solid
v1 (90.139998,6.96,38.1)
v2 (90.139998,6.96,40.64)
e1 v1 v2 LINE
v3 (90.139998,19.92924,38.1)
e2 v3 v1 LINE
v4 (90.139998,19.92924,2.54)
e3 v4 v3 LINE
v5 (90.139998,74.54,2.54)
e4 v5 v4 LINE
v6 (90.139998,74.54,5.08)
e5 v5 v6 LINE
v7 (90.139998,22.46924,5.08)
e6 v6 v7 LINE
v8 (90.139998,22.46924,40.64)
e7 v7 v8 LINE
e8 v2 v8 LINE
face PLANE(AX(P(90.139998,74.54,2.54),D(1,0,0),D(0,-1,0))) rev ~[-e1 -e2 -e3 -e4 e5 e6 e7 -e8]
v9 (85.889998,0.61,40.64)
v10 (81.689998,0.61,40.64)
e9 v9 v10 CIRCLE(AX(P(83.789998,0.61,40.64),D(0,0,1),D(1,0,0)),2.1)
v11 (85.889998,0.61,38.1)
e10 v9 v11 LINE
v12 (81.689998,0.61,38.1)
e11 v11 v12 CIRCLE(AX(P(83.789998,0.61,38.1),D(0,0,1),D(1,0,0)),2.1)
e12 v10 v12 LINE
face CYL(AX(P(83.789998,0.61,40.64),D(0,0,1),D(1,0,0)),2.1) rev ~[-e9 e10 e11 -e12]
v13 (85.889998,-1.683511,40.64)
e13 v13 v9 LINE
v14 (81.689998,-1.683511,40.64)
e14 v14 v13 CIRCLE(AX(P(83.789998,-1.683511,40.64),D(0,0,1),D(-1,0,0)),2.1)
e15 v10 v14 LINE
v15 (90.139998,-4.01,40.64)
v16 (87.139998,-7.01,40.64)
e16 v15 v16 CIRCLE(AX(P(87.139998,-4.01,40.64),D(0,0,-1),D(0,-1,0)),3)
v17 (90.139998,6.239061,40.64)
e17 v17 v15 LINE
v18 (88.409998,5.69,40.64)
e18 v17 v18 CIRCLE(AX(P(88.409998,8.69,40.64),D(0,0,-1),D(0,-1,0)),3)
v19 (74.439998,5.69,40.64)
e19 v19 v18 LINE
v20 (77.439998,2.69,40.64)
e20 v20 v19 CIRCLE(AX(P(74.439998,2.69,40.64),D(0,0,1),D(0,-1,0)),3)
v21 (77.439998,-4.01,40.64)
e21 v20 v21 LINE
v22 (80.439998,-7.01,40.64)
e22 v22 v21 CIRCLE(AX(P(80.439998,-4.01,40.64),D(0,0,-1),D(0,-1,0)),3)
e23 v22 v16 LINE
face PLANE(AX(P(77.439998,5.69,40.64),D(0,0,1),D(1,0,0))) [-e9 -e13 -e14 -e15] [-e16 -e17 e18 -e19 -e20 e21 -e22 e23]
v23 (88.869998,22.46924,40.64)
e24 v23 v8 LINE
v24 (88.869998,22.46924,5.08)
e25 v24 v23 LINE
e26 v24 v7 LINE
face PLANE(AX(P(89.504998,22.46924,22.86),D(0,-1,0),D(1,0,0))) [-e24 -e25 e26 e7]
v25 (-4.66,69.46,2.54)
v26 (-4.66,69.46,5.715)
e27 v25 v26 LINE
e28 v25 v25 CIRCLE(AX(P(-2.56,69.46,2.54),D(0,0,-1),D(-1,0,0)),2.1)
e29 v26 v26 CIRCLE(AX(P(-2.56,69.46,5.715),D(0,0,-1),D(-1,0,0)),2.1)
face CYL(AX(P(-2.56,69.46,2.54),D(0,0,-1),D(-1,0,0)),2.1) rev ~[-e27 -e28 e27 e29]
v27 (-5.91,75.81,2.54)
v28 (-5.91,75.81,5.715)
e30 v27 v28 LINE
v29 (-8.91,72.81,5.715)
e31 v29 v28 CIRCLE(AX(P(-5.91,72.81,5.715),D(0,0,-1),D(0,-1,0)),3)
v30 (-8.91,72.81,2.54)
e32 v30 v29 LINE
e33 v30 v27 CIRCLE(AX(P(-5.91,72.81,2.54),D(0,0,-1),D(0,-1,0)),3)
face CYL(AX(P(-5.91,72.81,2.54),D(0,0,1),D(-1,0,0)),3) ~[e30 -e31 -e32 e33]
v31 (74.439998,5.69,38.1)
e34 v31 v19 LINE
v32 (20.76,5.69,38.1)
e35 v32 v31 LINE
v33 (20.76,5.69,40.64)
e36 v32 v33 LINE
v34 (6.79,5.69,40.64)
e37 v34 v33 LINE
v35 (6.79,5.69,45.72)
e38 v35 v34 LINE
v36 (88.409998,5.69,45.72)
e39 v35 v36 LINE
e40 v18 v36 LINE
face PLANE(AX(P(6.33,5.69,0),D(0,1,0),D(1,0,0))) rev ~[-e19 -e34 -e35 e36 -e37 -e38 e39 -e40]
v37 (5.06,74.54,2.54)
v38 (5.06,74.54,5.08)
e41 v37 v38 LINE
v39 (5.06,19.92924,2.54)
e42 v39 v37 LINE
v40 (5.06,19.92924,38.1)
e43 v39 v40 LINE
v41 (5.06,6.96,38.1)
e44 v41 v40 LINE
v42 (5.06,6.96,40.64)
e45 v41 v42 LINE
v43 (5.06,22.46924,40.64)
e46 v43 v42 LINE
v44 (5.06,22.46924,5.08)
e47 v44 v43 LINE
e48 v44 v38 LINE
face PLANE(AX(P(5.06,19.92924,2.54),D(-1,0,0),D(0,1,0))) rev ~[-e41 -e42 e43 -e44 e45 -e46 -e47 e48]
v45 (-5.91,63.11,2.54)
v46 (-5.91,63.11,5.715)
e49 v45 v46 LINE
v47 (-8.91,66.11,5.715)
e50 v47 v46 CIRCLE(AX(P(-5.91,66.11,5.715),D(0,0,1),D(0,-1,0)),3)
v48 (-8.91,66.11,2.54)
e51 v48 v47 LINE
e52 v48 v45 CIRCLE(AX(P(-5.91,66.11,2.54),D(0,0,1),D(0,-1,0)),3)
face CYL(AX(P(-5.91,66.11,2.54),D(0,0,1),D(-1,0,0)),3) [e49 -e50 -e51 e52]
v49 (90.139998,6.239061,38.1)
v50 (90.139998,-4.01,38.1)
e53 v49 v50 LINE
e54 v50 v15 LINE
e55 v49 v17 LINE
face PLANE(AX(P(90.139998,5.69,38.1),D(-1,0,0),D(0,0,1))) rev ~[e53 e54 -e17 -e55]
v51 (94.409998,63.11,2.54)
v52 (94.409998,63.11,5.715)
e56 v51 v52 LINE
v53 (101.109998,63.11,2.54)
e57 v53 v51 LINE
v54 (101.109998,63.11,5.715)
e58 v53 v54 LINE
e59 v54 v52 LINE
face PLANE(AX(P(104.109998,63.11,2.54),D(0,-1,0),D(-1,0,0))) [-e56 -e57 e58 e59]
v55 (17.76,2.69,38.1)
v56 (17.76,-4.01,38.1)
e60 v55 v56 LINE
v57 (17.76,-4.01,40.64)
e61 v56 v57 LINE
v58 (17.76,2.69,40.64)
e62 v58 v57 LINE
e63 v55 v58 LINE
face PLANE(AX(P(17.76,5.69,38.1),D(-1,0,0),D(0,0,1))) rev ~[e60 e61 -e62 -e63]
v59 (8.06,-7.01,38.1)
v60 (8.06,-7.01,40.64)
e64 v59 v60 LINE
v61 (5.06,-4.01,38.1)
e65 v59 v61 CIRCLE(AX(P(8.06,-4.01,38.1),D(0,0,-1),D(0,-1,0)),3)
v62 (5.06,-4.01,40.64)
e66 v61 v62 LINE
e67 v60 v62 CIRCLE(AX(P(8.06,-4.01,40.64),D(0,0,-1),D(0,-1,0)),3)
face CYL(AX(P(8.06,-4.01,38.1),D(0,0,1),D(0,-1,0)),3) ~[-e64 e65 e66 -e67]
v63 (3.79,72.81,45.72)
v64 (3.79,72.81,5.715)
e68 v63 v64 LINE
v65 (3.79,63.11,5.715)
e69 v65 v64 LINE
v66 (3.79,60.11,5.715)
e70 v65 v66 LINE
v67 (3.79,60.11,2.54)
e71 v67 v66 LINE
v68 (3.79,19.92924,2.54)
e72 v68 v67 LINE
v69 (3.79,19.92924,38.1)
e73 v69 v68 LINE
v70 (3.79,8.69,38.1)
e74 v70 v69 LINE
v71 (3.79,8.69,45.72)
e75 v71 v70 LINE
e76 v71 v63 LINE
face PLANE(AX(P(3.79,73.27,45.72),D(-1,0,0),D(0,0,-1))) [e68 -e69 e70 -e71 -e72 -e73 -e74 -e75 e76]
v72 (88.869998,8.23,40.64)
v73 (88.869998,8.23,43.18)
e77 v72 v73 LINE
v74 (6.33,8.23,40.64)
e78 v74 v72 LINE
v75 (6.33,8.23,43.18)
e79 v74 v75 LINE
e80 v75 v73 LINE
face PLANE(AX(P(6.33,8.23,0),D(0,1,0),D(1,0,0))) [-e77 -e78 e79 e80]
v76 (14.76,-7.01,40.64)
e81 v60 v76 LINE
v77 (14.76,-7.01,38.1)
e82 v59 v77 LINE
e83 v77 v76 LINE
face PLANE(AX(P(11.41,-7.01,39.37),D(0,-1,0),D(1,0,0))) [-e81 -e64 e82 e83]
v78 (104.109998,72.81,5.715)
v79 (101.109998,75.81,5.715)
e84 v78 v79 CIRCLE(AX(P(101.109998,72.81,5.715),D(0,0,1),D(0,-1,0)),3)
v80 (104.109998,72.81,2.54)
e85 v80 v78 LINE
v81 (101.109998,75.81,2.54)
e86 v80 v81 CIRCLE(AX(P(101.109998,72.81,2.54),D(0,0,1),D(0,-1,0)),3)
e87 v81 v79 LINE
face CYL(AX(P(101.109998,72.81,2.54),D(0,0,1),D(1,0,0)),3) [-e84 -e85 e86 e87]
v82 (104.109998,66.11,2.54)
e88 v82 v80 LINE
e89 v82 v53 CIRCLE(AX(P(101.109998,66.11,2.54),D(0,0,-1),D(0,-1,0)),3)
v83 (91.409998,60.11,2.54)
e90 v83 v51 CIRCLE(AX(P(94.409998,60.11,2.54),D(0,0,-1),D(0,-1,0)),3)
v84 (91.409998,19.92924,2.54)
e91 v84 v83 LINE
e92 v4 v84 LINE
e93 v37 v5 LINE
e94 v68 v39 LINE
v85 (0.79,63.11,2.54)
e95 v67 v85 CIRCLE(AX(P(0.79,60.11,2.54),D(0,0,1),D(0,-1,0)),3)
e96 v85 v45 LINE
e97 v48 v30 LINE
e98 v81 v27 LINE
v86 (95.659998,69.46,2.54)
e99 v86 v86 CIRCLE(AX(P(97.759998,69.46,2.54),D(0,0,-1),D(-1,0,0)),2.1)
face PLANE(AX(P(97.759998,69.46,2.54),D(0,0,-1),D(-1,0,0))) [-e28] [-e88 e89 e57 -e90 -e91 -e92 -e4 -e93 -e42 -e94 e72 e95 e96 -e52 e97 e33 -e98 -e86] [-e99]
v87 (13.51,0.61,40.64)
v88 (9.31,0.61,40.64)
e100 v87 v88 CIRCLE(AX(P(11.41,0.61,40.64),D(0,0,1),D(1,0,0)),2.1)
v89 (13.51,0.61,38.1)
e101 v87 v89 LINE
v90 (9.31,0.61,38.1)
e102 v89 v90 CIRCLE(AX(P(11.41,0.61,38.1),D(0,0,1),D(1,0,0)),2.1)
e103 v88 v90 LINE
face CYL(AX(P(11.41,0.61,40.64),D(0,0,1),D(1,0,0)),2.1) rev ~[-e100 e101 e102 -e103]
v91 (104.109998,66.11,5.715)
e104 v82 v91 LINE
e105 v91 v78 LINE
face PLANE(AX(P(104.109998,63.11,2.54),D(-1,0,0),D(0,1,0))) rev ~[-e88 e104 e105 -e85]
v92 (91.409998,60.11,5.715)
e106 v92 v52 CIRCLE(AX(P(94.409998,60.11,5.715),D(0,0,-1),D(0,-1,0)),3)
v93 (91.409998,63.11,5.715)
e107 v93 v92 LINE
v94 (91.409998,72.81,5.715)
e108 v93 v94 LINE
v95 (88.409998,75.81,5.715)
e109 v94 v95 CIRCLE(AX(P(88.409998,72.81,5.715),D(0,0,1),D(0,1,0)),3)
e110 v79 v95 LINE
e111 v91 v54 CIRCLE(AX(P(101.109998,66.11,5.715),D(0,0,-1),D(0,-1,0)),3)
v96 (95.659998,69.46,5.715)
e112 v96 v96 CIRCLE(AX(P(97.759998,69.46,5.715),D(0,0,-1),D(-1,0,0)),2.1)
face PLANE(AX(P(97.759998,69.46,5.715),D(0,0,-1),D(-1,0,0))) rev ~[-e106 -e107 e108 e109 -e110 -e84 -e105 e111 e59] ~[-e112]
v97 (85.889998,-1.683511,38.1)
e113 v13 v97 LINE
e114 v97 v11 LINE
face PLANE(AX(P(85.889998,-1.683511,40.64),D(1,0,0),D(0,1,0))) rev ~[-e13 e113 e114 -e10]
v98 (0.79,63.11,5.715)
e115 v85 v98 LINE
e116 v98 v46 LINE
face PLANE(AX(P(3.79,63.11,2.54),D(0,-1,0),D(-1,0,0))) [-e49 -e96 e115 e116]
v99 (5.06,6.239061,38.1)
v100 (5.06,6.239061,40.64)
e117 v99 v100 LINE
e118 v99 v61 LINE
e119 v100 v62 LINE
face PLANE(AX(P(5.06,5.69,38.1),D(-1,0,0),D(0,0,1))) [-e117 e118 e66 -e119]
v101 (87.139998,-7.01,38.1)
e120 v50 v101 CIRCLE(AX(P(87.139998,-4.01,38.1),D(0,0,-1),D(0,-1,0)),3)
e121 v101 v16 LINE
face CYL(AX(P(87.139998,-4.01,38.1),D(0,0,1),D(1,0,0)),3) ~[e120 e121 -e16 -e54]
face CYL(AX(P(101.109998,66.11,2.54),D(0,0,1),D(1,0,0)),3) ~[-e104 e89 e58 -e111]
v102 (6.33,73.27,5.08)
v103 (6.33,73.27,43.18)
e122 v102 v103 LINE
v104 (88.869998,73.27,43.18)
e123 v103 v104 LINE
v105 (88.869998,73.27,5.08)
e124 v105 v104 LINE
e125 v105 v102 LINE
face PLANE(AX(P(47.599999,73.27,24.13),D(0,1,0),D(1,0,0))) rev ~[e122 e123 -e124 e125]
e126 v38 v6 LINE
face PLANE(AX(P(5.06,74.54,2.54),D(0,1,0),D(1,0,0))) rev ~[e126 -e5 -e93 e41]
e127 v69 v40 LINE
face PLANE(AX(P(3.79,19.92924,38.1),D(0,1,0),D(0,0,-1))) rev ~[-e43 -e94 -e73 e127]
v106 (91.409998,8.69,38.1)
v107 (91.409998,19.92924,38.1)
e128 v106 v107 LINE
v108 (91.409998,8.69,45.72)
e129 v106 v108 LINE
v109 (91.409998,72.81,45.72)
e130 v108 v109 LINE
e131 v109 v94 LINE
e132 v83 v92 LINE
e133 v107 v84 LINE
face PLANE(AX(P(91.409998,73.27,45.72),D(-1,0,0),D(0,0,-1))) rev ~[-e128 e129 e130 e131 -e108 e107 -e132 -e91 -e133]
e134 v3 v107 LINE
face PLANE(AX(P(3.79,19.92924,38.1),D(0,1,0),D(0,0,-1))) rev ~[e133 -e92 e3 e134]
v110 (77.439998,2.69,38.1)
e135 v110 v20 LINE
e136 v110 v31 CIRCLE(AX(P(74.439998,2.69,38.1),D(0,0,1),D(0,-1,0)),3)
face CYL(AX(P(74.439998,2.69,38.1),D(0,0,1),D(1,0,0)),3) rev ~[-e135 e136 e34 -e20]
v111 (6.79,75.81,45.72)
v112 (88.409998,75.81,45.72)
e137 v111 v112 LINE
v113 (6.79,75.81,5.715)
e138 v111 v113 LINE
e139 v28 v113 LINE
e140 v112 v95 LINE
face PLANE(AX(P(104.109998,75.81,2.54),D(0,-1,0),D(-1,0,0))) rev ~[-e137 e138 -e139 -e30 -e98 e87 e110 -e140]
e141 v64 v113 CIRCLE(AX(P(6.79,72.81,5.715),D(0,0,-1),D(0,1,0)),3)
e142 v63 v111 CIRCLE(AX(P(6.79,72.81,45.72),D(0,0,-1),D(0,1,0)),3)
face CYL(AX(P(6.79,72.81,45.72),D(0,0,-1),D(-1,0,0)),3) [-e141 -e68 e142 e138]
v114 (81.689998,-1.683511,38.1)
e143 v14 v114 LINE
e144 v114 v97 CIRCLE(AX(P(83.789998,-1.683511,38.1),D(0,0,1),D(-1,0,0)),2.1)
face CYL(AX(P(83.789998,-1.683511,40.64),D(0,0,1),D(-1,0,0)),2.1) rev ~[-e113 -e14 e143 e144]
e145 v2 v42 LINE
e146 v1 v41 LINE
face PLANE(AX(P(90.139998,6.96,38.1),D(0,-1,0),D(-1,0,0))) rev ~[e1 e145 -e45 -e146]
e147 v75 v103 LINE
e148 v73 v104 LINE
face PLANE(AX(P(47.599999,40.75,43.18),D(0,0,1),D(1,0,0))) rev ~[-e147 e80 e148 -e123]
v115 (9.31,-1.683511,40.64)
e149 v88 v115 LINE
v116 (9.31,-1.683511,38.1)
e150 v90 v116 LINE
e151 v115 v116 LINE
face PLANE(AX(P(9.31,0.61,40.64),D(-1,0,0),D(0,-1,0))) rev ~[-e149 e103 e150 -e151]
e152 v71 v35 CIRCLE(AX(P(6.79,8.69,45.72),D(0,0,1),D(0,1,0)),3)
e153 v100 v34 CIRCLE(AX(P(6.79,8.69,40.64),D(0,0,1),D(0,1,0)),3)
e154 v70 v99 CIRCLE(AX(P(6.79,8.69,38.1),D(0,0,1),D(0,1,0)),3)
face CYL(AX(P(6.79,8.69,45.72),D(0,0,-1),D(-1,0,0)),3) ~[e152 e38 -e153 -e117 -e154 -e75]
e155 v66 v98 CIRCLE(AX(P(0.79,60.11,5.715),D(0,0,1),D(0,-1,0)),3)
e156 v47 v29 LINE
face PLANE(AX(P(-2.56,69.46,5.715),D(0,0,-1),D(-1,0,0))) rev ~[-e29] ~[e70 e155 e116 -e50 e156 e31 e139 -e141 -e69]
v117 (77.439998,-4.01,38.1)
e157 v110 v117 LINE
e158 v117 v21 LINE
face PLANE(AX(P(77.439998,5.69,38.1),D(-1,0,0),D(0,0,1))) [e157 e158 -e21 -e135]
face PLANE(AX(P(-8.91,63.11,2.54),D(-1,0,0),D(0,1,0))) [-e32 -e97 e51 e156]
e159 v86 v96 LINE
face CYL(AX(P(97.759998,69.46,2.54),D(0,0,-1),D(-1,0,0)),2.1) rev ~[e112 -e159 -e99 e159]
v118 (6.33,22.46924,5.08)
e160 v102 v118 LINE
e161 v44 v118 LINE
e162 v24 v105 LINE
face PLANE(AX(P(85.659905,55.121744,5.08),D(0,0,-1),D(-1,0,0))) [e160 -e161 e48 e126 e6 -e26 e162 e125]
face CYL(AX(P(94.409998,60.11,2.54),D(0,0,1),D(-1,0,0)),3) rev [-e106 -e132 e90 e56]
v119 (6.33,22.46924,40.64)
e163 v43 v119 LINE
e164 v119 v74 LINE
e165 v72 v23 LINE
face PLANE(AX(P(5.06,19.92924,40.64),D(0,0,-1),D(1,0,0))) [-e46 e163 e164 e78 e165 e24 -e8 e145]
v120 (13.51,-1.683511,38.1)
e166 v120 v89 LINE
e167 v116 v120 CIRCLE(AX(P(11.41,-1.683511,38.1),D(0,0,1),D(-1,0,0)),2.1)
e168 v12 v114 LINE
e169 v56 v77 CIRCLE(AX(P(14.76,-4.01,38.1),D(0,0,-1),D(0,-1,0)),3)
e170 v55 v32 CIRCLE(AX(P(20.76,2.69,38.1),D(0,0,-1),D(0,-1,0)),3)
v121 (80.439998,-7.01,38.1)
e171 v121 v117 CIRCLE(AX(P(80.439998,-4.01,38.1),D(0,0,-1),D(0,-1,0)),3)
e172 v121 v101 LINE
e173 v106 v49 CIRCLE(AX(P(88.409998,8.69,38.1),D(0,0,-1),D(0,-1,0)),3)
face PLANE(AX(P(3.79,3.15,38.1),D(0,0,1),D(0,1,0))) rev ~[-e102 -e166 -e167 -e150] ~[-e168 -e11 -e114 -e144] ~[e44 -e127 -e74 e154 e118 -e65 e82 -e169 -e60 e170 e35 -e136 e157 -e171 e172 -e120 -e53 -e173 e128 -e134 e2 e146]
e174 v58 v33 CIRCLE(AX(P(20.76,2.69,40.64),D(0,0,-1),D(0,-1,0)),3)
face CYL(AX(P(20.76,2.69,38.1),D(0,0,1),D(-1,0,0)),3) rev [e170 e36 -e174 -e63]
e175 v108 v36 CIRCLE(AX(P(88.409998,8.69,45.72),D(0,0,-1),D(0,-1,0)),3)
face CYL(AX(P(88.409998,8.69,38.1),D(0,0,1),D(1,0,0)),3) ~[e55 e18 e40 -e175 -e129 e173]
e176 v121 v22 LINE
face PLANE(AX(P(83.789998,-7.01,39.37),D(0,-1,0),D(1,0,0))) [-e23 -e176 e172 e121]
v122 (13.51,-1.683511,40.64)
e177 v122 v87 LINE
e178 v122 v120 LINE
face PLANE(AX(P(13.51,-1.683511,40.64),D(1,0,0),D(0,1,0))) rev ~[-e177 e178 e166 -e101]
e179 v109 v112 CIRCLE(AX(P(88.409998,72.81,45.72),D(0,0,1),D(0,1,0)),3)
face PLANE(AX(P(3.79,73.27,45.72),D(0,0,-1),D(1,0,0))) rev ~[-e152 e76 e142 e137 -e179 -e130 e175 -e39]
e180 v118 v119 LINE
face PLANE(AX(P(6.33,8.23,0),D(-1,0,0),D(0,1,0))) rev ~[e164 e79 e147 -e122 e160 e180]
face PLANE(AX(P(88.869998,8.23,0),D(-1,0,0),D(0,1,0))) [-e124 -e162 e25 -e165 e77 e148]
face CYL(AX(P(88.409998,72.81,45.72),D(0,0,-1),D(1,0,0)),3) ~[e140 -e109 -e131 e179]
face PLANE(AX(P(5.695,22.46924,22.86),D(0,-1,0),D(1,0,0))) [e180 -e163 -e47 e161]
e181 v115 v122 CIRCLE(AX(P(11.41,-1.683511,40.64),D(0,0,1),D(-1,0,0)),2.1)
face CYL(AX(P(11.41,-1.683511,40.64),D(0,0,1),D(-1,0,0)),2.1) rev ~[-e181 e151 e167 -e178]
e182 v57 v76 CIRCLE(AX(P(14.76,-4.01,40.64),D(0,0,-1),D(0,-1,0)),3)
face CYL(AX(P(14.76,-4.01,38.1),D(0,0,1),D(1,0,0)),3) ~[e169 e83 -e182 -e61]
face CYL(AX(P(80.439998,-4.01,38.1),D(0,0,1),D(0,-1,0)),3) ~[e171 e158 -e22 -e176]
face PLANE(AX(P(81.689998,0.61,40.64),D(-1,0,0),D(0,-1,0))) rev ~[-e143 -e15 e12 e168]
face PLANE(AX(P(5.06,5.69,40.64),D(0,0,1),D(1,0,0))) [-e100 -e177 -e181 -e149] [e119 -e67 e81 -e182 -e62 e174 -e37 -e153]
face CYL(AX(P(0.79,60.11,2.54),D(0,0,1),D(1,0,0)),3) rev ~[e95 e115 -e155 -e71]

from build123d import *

# Parameters (mm, degrees)
SKETCH1_W           = 82.539998569
SKETCH1_H           = 65.04
BOSS_EXTRUDE1_DEPTH = 43.18
SHELL1_T            = 2.54
CUT_EXTRUDE2_DEPTH  = 124.028758627
SKETCH7_W           = 87.619998569
SKETCH7_H           = 43.18
BOSS_EXTRUDE2_DEPTH = 2.54
CUT_EXTRUDE3_DEPTH  = 2.54
CUT_EXTRUDE4_DEPTH  = 2.54
SKETCH10_W          = 1.27
SKETCH10_H          = 35.56
CUT_EXTRUDE5_DEPTH  = 2.54
SKETCH11_W          = 12.7
SKETCH11_H          = 2.54
BOSS_EXTRUDE3_DEPTH = 12.7
CUT_EXTRUDE7_DEPTH  = 125.717897357
SKETCH13_W          = 12.7
SKETCH13_H          = 12.7
SKETCH13_R          = 2.1
BOSS_EXTRUDE4_DEPTH = 3.175
FILLET2_R           = 3


with BuildPart() as part:
    # Sketch1 → Boss-Extrude1 (new body)
    with BuildSketch(Plane.XY):
        with Locations((47.599999189, 40.75)):
            Rectangle(SKETCH1_W, SKETCH1_H)
    extrude(amount=BOSS_EXTRUDE1_DEPTH)

    # Shell1
    shell1_openings = [part.faces().sort_by_distance(p)[0] for p in [
        (47.599999189, 73.27, 21.59),
        (47.599999189, 40.75, 0),
    ]]
    offset(amount=SHELL1_T, openings=shell1_openings, kind=Kind.INTERSECTION)

    # Sketch6 → Cut-Extrude2 (cut, through all)
    with BuildSketch(Plane.ZY.offset(-3.789999905)):
        Polygon((2.54, 59.03), (2.54, 73.27), (0, 73.27), (0, 59.03), (0, 3.15), (38.1, 3.15), (38.1, 19.92924), (2.54, 19.92924), align=None)
    extrude(amount=-CUT_EXTRUDE2_DEPTH, mode=Mode.SUBTRACT)

    # Sketch7 → Boss-Extrude2 (add)
    with BuildSketch(Plane(origin=(0, 73.27, 0), x_dir=(1, 0, 0), z_dir=(0, 1, 0))):
        with Locations((47.59999919, -24.13)):
            Rectangle(SKETCH7_W, SKETCH7_H)
    extrude(amount=BOSS_EXTRUDE2_DEPTH)

    # Sketch8 → Cut-Extrude3 (cut)
    with BuildSketch(Plane(origin=(0, 0, 2.54), x_dir=(-1, 0, 0), z_dir=(0, 0, -1))):
        Polygon((-65.405564728, 73.27), (-65.405564728, 74.54), (-90.139998474, 74.54), (-90.139998474, 19.92924), (-88.869998474, 19.92924), (-88.869998474, 73.27), align=None)
        Polygon((-5.059999905, 74.54), (-65.405564728, 74.54), (-65.405564728, 73.27), (-6.329999905, 73.27), (-6.329999905, 19.92924), (-5.059999905, 19.92924), align=None)
    extrude(amount=-CUT_EXTRUDE3_DEPTH, mode=Mode.SUBTRACT)

    # Sketch9 → Cut-Extrude4 (cut)
    with BuildSketch(Plane(origin=(0, 0, 38.1), x_dir=(-1, 0, 0), z_dir=(0, 0, -1))):
        Polygon((-90.139998474, 19.92924), (-90.139998474, 6.96), (-5.059999905, 6.96), (-5.059999905, 19.92924), (-6.329999905, 19.92924), (-6.329999905, 8.23), (-88.869998474, 8.23), (-88.869998474, 19.92924), align=None)
    extrude(amount=-CUT_EXTRUDE4_DEPTH, mode=Mode.SUBTRACT)

    # Sketch10 → Cut-Extrude5 (cut)
    with BuildSketch(Plane.XZ.offset(-19.92924)):
        with Locations((5.694999905, 22.86)):
            Rectangle(SKETCH10_W, SKETCH10_H)
        with Locations((89.504998474, 22.86)):
            Rectangle(SKETCH10_W, SKETCH10_H)
    extrude(amount=-CUT_EXTRUDE5_DEPTH, mode=Mode.SUBTRACT)

    # Sketch11 → Boss-Extrude3 (add)
    with BuildSketch(Plane.XZ.offset(-5.69)):
        with Locations((11.409999905, 39.37)):
            Rectangle(SKETCH11_W, SKETCH11_H)
        with Locations((83.789998474, 39.37)):
            Rectangle(SKETCH11_W, SKETCH11_H)
    extrude(amount=BOSS_EXTRUDE3_DEPTH)

    # Sketch12 → Cut-Extrude7 (cut, through all)
    with BuildSketch(Plane.XY.offset(40.64)):
        with BuildLine():
            Line((9.309999905, 0.61), (9.309999905, -1.683510845))
            ThreePointArc((9.309999905, -1.683510845), (11.409999905, -3.783510845), (13.509999905, -1.683510845))
            Line((13.509999905, -1.683510845), (13.509999905, 0.61))
            ThreePointArc((13.509999905, 0.61), (11.409999905, 2.71), (9.309999905, 0.61))
        make_face()
        with BuildLine():
            Line((81.689998474, 0.61), (81.689998474, -1.683510845))
            ThreePointArc((81.689998474, -1.683510845), (83.789998474, -3.783510845), (85.889998474, -1.683510845))
            Line((85.889998474, -1.683510845), (85.889998474, 0.61))
            ThreePointArc((85.889998474, 0.61), (83.789998474, 2.71), (81.689998474, 0.61))
        make_face()
    extrude(amount=-CUT_EXTRUDE7_DEPTH, mode=Mode.SUBTRACT)

    # Sketch13 → Boss-Extrude4 (add)
    # profile 1 of 2: a face of its own
    with BuildSketch(Plane(origin=(0, 0, 2.54), x_dir=(-1, 0, 0), z_dir=(0, 0, -1))):
        with Locations((-97.759998474, 69.46)):
            Rectangle(SKETCH13_W, SKETCH13_H)
        with Locations((-97.759998474, 69.46)):
            Circle(SKETCH13_R, mode=Mode.SUBTRACT)
    # profile 2 of 2: a face of its own
    with BuildSketch(Plane(origin=(0, 0, 2.54), x_dir=(-1, 0, 0), z_dir=(0, 0, -1))):
        with Locations((2.560000095, 69.46)):
            Rectangle(SKETCH13_W, SKETCH13_H)
        with Locations((2.560000095, 69.46)):
            Circle(SKETCH13_R, mode=Mode.SUBTRACT)
    extrude(amount=-BOSS_EXTRUDE4_DEPTH)

    # Fillet2
    fillet2_edges = [part.edges().sort_by_distance(p)[0] for p in [
        (17.759999905, 5.69, 39.37),
        (5.059999905, -7.01, 39.37),
        (17.759999905, -7.01, 39.37),
        (77.439998474, 5.69, 39.37),
        (90.139998474, -7.01, 39.37),
        (77.439998474, -7.01, 39.37),
        (91.409998474, 63.11, 4.1275),
        (104.109998474, 63.11, 4.1275),
        (104.109998474, 75.81, 4.1275),
        (3.789999905, 75.81, 25.7175),
        (3.789999905, 63.11, 4.1275),
        (-8.910000095, 75.81, 4.1275),
        (-8.910000095, 63.11, 4.1275),
        (91.409998474, 75.81, 25.7175),
        (91.409998474, 5.69, 41.91),
        (3.789999905, 5.69, 41.91),
    ]]
    fillet(fillet2_edges, radius=FILLET2_R)


solid = part.part
